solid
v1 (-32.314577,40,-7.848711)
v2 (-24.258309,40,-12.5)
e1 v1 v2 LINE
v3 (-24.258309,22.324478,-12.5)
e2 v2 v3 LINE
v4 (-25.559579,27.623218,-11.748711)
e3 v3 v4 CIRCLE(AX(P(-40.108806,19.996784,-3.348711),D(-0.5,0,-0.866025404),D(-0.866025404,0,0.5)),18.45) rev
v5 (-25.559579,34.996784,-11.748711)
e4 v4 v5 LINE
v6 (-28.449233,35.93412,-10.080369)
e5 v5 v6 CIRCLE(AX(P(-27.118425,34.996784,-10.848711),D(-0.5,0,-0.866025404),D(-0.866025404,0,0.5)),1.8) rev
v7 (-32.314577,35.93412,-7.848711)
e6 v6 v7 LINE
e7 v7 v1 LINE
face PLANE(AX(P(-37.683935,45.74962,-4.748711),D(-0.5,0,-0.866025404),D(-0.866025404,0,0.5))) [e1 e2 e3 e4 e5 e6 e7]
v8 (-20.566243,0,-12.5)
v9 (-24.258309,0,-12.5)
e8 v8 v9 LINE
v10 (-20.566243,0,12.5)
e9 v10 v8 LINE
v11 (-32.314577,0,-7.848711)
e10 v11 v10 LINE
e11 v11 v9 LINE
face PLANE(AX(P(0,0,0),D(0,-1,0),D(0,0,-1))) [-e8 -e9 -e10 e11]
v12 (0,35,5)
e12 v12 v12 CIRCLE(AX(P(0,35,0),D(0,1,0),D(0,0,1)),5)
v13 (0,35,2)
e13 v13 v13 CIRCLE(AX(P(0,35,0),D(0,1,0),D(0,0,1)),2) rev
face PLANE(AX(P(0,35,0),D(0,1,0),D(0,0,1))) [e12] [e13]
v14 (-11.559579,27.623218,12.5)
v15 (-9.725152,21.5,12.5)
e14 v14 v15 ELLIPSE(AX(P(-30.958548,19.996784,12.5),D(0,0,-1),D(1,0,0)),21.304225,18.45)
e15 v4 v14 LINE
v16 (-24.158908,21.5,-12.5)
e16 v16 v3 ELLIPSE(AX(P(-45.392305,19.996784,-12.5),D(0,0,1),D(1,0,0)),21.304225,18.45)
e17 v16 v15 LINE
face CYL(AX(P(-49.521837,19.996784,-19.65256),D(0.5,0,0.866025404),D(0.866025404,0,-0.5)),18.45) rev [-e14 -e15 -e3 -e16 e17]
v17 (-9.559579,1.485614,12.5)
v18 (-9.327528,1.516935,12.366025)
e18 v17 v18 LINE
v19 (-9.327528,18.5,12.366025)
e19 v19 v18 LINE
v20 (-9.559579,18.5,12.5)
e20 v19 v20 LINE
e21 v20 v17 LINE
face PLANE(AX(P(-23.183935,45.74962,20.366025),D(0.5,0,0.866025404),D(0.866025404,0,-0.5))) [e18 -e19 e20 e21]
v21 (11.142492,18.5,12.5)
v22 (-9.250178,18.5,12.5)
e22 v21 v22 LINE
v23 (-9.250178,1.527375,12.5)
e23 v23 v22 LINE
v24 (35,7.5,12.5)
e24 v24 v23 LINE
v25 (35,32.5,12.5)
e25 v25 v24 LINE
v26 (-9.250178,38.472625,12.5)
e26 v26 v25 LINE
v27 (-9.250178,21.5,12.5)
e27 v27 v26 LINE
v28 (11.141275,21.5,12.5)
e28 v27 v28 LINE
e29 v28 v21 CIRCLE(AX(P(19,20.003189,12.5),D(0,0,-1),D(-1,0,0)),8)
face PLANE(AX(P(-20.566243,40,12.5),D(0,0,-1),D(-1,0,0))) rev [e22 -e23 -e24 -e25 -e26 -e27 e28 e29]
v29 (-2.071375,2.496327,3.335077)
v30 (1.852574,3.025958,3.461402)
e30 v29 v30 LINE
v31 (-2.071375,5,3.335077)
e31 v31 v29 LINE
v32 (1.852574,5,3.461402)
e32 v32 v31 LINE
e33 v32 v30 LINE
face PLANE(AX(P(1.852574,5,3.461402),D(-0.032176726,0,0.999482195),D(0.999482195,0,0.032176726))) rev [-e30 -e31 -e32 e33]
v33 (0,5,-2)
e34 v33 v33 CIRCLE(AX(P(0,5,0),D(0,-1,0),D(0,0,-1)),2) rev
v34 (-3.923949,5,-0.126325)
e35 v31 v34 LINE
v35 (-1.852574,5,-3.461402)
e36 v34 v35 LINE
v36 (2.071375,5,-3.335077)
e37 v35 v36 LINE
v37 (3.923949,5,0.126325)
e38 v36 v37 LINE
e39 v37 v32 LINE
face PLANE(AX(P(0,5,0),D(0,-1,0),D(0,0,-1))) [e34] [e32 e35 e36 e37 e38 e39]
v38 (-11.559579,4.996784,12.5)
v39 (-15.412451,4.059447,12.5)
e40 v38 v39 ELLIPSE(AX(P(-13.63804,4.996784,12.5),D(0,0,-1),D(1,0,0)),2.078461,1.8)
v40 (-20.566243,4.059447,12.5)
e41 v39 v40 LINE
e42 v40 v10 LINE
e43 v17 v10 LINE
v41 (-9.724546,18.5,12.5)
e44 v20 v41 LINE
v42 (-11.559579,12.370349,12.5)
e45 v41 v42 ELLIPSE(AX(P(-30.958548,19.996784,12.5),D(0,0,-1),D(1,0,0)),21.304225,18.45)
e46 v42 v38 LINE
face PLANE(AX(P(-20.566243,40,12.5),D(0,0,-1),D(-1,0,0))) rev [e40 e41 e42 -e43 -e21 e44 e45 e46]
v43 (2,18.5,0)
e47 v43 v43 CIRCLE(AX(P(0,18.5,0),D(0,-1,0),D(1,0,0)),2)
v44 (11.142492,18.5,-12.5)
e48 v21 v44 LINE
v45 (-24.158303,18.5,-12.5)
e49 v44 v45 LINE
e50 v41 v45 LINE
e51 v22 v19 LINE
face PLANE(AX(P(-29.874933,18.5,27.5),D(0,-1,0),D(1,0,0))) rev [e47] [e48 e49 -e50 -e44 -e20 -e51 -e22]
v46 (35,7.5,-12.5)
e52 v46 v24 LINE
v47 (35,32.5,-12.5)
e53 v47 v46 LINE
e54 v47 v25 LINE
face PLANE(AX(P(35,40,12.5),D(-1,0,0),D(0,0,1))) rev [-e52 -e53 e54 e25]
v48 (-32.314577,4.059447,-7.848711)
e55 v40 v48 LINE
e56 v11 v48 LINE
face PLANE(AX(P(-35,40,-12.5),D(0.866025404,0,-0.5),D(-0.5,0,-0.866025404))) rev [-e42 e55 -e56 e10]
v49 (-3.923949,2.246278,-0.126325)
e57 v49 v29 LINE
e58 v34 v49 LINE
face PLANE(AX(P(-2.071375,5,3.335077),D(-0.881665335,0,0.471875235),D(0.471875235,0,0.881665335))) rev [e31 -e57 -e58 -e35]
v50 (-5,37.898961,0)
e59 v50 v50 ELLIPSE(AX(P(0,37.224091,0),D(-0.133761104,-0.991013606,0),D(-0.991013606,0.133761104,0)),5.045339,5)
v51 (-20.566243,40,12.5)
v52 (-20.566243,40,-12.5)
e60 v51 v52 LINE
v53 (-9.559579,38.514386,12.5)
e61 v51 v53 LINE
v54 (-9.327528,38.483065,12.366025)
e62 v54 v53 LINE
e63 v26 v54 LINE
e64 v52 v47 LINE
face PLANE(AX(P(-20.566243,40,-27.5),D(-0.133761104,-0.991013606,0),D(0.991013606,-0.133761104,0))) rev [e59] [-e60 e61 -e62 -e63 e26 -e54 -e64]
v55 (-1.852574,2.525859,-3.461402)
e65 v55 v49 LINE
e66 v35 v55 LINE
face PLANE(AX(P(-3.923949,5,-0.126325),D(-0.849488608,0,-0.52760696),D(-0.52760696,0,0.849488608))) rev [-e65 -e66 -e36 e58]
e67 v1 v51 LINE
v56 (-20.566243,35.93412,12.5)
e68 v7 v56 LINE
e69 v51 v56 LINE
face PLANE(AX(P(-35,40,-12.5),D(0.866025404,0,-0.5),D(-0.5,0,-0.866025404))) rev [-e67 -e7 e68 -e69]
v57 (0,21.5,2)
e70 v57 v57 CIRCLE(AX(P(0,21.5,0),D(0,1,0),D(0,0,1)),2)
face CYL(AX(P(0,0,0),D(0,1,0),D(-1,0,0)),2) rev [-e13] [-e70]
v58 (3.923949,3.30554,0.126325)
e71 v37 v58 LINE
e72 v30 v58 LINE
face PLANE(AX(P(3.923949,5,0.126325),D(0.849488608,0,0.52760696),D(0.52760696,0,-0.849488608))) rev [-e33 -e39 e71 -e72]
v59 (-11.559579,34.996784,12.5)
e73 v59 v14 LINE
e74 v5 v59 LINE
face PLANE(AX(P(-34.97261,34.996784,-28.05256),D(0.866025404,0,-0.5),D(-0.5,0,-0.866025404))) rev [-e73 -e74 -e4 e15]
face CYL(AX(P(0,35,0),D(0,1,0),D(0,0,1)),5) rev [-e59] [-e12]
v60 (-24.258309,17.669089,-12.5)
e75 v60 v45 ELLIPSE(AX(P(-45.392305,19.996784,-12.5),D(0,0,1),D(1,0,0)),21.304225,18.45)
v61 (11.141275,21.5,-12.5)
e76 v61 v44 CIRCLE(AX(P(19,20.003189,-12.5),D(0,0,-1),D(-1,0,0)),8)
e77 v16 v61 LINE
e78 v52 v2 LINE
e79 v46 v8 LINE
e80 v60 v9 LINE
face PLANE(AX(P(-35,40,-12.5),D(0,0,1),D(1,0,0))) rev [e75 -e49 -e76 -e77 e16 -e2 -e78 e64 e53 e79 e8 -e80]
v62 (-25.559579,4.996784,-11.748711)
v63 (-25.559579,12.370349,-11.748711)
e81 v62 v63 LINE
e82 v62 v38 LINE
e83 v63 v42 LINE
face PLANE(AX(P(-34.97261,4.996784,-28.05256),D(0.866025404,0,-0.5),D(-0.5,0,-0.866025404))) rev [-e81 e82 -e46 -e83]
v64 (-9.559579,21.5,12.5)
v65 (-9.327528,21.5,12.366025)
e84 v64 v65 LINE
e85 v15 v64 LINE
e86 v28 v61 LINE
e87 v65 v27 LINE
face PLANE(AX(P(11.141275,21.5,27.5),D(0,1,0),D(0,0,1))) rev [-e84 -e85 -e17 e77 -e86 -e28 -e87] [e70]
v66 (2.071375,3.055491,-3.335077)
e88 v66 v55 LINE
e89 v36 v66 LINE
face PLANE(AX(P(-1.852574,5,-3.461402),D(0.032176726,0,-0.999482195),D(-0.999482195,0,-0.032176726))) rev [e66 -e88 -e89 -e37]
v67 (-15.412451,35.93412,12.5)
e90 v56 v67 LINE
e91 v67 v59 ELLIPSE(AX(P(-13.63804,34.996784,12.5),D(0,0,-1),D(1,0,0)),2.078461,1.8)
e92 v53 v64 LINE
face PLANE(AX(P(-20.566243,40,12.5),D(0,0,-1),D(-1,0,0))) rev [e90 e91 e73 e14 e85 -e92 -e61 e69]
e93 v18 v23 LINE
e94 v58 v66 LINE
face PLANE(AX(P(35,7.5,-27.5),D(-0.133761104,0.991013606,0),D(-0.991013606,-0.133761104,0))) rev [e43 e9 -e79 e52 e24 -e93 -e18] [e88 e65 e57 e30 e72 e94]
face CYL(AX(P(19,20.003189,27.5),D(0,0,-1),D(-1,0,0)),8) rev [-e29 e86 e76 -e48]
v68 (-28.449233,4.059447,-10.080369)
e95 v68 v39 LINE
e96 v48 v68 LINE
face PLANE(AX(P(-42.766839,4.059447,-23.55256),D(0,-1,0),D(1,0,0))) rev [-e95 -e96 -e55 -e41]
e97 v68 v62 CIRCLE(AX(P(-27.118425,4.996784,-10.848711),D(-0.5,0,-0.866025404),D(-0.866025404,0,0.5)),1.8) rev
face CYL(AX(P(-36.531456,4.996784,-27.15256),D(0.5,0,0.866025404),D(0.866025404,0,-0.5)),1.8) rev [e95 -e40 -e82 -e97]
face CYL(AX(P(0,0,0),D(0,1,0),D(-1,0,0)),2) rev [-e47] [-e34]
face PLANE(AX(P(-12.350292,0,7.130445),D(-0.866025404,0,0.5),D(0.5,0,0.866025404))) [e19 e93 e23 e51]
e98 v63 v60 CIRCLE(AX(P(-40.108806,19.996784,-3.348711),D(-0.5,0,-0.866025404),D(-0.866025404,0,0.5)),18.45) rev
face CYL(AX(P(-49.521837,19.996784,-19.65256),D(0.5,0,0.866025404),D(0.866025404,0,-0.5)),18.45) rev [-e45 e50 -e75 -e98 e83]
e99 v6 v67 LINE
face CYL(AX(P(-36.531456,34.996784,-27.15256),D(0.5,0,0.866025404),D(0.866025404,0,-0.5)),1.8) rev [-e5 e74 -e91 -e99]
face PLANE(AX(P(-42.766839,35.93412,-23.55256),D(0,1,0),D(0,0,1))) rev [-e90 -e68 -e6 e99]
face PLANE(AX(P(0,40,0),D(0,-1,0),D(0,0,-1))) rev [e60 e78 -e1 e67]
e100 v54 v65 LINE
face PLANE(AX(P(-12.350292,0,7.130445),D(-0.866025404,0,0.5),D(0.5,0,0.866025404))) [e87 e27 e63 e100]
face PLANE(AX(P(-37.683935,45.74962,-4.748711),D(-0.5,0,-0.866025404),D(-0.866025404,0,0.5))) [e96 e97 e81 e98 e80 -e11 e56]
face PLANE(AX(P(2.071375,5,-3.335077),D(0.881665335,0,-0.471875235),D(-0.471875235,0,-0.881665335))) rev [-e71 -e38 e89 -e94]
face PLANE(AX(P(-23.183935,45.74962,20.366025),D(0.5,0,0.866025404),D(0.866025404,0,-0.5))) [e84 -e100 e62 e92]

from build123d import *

# Parameters (mm, degrees)
BOSS_EXTRUDE1_DEPTH     = 40
CUT_EXTRUDE1_DEPTH      = 40
SKETCH3_W               = 4.376715803
SKETCH3_H               = 7.921330006
BOSS_EXTRUDE2_DEPTH     = 40
CUT_EXTRUDE2_DEPTH      = 78.145313728
CUT_EXTRUDE2_DEPTH_BACK = 78.145313728
CUT_EXTRUDE3_DEPTH      = 40
CUT_EXTRUDE4_DEPTH      = 43.935998882
CUT_EXTRUDE4_DEPTH_BACK = 43.935998882
SKETCH6_R               = 2
CUT_EXTRUDE5_DEPTH      = 5
SKETCH8_R               = 5
CUT_EXTRUDE6_DEPTH      = 5
CUT_EXTRUDE7_START      = -2
SKETCH9_W               = 6.222682415
SKETCH9_H               = 53.403341902
CUT_EXTRUDE7_DEPTH      = 16


with BuildPart() as part:
    # Sketch1 → Boss-Extrude1 (new body)
    with BuildSketch(Plane(origin=(0, 0, 0), x_dir=(1, 0, 0), z_dir=(0, 1, 0))):
        Polygon((-35, 12.5), (-20.56624327, -12.5), (35, -12.5), (35, 12.5), align=None)
    extrude(amount=BOSS_EXTRUDE1_DEPTH)

    # Sketch2 → Cut-Extrude1 (cut)
    with BuildSketch(Plane.XY.offset(12.5)):
        Polygon((-20.56624327, 40), (35, 32.5), (35, 40), align=None)
        Polygon((35, 7.5), (-20.56624327, 0), (35, 0), align=None)
    extrude(amount=-CUT_EXTRUDE1_DEPTH, mode=Mode.SUBTRACT)

    # Sketch3 → Boss-Extrude2 (add)
    with BuildSketch(Plane(origin=(-20.837341226, 0, 12.030444566), x_dir=(0.4999999999999981, 0, 0.8660254037844397), z_dir=(-0.8660254037844398, 0, 0.4999999999999982))):
        with Locations((-10.675795445, 21.421253709)):
            Rectangle(SKETCH3_W, SKETCH3_H)
    extrude(amount=BOSS_EXTRUDE2_DEPTH)

    # Sketch4 → Cut-Extrude2 (cut, two sides: drawn at the far end of the back side and taken through both)
    with BuildSketch(Plane(origin=(-4.243718771, 0, -7.350336525), x_dir=(0.8660254037844397, 0, -0.4999999999999983), z_dir=(0.4999999999999982, 0, 0.8660254037844396)).offset(-CUT_EXTRUDE2_DEPTH_BACK)):
        with BuildLine():
            Line((-25.260889132, 35.934120187), (-19.597573928, 35.934120187))
            ThreePointArc((-19.597573928, 35.934120187), (-17.574079433, 36.729704946), (-16.260889132, 34.996783621))
            Line((-16.260889132, 34.996783621), (-16.260889132, 27.623217913))
            ThreePointArc((-16.260889132, 27.623217913), (-14.610889132, 19.996783621), (-16.260889132, 12.37034933))
            Line((-16.260889132, 12.37034933), (-16.260889132, 4.996783621))
            ThreePointArc((-16.260889132, 4.996783621), (-17.574079433, 3.263862297), (-19.597573928, 4.059447055))
            Line((-19.597573928, 4.059447055), (-25.260889132, 4.059447055))
            Line((-25.260889132, 4.059447055), (-25.260889132, 11.549622397))
            Line((-25.260889132, 11.549622397), (-69.354192402, 11.549622397))
            Line((-69.354192402, 11.549622397), (-69.354192402, 27.546843348))
            Line((-69.354192402, 27.546843348), (-25.260889132, 26.613076168))
            Line((-25.260889132, 26.613076168), (-25.260889132, 35.934120187))
        make_face()
    extrude(amount=CUT_EXTRUDE2_DEPTH + CUT_EXTRUDE2_DEPTH_BACK, mode=Mode.SUBTRACT)

    # Sketch5 → Cut-Extrude3 (cut)
    with BuildSketch(Plane(origin=(0, 0, -12.5), x_dir=(-1, 0, 0), z_dir=(0, 0, -1))):
        with BuildLine():
            Line((-11.141275202, 21.5), (29.874932975, 21.5))
            Line((29.874932975, 21.5), (29.874932975, 18.5))
            Line((29.874932975, 18.5), (-11.142492493, 18.5))
            ThreePointArc((-11.142492493, 18.5), (-26.999999341, 20.006434648), (-11.141275202, 21.5))
        make_face()
    extrude(amount=-CUT_EXTRUDE3_DEPTH, mode=Mode.SUBTRACT)

    # Sketch6 → Cut-Extrude4 (cut, two sides: drawn at the far end of the back side and taken through both)
    with BuildSketch(Plane(origin=(0, 18.5, 0), x_dir=(1, 0, 0), z_dir=(0, 1, 0)).offset(-CUT_EXTRUDE4_DEPTH_BACK)):
        Circle(SKETCH6_R)
    extrude(amount=CUT_EXTRUDE4_DEPTH + CUT_EXTRUDE4_DEPTH_BACK, mode=Mode.SUBTRACT)

    # Sketch7 → Cut-Extrude5 (cut)
    with BuildSketch(Plane.XZ):
        Polygon((1.8525736, 3.461402084), (-2.071375338, 3.335076842), (-3.923948938, -0.126325242), (-1.8525736, -3.461402084), (2.071375338, -3.335076842), (3.923948938, 0.126325242), align=None)
    extrude(amount=-CUT_EXTRUDE5_DEPTH, mode=Mode.SUBTRACT)

    # Sketch8 → Cut-Extrude6 (cut)
    with BuildSketch(Plane(origin=(0, 40, 0), x_dir=(1, 0, 0), z_dir=(0, 1, 0))):
        with Locations(Location((0, 0, 0), (0, 0, 270))):
            Circle(SKETCH8_R)
    extrude(amount=-CUT_EXTRUDE6_DEPTH, mode=Mode.SUBTRACT)

    # Sketch9 → Cut-Extrude7 (cut)
    with BuildSketch(Plane(origin=(-14.082343077, 0, 8.130444566), x_dir=(0.4999999999999982, 0, 0.8660254037844397), z_dir=(-0.8660254037844398, 0, 0.4999999999999983)).offset(CUT_EXTRUDE7_START)):
        with Locations((-26.065813196, 19.047949313)):
            Rectangle(SKETCH9_W, SKETCH9_H)
        Polygon((6.045528012, 45.749620264), (6.045528012, -7.653721638), (13.717164193, -7.653721638), (13.717164193, 42.686575292), (13.717164193, 45.749620264), align=None)
    extrude(amount=CUT_EXTRUDE7_DEPTH, mode=Mode.SUBTRACT)


solid = part.part
